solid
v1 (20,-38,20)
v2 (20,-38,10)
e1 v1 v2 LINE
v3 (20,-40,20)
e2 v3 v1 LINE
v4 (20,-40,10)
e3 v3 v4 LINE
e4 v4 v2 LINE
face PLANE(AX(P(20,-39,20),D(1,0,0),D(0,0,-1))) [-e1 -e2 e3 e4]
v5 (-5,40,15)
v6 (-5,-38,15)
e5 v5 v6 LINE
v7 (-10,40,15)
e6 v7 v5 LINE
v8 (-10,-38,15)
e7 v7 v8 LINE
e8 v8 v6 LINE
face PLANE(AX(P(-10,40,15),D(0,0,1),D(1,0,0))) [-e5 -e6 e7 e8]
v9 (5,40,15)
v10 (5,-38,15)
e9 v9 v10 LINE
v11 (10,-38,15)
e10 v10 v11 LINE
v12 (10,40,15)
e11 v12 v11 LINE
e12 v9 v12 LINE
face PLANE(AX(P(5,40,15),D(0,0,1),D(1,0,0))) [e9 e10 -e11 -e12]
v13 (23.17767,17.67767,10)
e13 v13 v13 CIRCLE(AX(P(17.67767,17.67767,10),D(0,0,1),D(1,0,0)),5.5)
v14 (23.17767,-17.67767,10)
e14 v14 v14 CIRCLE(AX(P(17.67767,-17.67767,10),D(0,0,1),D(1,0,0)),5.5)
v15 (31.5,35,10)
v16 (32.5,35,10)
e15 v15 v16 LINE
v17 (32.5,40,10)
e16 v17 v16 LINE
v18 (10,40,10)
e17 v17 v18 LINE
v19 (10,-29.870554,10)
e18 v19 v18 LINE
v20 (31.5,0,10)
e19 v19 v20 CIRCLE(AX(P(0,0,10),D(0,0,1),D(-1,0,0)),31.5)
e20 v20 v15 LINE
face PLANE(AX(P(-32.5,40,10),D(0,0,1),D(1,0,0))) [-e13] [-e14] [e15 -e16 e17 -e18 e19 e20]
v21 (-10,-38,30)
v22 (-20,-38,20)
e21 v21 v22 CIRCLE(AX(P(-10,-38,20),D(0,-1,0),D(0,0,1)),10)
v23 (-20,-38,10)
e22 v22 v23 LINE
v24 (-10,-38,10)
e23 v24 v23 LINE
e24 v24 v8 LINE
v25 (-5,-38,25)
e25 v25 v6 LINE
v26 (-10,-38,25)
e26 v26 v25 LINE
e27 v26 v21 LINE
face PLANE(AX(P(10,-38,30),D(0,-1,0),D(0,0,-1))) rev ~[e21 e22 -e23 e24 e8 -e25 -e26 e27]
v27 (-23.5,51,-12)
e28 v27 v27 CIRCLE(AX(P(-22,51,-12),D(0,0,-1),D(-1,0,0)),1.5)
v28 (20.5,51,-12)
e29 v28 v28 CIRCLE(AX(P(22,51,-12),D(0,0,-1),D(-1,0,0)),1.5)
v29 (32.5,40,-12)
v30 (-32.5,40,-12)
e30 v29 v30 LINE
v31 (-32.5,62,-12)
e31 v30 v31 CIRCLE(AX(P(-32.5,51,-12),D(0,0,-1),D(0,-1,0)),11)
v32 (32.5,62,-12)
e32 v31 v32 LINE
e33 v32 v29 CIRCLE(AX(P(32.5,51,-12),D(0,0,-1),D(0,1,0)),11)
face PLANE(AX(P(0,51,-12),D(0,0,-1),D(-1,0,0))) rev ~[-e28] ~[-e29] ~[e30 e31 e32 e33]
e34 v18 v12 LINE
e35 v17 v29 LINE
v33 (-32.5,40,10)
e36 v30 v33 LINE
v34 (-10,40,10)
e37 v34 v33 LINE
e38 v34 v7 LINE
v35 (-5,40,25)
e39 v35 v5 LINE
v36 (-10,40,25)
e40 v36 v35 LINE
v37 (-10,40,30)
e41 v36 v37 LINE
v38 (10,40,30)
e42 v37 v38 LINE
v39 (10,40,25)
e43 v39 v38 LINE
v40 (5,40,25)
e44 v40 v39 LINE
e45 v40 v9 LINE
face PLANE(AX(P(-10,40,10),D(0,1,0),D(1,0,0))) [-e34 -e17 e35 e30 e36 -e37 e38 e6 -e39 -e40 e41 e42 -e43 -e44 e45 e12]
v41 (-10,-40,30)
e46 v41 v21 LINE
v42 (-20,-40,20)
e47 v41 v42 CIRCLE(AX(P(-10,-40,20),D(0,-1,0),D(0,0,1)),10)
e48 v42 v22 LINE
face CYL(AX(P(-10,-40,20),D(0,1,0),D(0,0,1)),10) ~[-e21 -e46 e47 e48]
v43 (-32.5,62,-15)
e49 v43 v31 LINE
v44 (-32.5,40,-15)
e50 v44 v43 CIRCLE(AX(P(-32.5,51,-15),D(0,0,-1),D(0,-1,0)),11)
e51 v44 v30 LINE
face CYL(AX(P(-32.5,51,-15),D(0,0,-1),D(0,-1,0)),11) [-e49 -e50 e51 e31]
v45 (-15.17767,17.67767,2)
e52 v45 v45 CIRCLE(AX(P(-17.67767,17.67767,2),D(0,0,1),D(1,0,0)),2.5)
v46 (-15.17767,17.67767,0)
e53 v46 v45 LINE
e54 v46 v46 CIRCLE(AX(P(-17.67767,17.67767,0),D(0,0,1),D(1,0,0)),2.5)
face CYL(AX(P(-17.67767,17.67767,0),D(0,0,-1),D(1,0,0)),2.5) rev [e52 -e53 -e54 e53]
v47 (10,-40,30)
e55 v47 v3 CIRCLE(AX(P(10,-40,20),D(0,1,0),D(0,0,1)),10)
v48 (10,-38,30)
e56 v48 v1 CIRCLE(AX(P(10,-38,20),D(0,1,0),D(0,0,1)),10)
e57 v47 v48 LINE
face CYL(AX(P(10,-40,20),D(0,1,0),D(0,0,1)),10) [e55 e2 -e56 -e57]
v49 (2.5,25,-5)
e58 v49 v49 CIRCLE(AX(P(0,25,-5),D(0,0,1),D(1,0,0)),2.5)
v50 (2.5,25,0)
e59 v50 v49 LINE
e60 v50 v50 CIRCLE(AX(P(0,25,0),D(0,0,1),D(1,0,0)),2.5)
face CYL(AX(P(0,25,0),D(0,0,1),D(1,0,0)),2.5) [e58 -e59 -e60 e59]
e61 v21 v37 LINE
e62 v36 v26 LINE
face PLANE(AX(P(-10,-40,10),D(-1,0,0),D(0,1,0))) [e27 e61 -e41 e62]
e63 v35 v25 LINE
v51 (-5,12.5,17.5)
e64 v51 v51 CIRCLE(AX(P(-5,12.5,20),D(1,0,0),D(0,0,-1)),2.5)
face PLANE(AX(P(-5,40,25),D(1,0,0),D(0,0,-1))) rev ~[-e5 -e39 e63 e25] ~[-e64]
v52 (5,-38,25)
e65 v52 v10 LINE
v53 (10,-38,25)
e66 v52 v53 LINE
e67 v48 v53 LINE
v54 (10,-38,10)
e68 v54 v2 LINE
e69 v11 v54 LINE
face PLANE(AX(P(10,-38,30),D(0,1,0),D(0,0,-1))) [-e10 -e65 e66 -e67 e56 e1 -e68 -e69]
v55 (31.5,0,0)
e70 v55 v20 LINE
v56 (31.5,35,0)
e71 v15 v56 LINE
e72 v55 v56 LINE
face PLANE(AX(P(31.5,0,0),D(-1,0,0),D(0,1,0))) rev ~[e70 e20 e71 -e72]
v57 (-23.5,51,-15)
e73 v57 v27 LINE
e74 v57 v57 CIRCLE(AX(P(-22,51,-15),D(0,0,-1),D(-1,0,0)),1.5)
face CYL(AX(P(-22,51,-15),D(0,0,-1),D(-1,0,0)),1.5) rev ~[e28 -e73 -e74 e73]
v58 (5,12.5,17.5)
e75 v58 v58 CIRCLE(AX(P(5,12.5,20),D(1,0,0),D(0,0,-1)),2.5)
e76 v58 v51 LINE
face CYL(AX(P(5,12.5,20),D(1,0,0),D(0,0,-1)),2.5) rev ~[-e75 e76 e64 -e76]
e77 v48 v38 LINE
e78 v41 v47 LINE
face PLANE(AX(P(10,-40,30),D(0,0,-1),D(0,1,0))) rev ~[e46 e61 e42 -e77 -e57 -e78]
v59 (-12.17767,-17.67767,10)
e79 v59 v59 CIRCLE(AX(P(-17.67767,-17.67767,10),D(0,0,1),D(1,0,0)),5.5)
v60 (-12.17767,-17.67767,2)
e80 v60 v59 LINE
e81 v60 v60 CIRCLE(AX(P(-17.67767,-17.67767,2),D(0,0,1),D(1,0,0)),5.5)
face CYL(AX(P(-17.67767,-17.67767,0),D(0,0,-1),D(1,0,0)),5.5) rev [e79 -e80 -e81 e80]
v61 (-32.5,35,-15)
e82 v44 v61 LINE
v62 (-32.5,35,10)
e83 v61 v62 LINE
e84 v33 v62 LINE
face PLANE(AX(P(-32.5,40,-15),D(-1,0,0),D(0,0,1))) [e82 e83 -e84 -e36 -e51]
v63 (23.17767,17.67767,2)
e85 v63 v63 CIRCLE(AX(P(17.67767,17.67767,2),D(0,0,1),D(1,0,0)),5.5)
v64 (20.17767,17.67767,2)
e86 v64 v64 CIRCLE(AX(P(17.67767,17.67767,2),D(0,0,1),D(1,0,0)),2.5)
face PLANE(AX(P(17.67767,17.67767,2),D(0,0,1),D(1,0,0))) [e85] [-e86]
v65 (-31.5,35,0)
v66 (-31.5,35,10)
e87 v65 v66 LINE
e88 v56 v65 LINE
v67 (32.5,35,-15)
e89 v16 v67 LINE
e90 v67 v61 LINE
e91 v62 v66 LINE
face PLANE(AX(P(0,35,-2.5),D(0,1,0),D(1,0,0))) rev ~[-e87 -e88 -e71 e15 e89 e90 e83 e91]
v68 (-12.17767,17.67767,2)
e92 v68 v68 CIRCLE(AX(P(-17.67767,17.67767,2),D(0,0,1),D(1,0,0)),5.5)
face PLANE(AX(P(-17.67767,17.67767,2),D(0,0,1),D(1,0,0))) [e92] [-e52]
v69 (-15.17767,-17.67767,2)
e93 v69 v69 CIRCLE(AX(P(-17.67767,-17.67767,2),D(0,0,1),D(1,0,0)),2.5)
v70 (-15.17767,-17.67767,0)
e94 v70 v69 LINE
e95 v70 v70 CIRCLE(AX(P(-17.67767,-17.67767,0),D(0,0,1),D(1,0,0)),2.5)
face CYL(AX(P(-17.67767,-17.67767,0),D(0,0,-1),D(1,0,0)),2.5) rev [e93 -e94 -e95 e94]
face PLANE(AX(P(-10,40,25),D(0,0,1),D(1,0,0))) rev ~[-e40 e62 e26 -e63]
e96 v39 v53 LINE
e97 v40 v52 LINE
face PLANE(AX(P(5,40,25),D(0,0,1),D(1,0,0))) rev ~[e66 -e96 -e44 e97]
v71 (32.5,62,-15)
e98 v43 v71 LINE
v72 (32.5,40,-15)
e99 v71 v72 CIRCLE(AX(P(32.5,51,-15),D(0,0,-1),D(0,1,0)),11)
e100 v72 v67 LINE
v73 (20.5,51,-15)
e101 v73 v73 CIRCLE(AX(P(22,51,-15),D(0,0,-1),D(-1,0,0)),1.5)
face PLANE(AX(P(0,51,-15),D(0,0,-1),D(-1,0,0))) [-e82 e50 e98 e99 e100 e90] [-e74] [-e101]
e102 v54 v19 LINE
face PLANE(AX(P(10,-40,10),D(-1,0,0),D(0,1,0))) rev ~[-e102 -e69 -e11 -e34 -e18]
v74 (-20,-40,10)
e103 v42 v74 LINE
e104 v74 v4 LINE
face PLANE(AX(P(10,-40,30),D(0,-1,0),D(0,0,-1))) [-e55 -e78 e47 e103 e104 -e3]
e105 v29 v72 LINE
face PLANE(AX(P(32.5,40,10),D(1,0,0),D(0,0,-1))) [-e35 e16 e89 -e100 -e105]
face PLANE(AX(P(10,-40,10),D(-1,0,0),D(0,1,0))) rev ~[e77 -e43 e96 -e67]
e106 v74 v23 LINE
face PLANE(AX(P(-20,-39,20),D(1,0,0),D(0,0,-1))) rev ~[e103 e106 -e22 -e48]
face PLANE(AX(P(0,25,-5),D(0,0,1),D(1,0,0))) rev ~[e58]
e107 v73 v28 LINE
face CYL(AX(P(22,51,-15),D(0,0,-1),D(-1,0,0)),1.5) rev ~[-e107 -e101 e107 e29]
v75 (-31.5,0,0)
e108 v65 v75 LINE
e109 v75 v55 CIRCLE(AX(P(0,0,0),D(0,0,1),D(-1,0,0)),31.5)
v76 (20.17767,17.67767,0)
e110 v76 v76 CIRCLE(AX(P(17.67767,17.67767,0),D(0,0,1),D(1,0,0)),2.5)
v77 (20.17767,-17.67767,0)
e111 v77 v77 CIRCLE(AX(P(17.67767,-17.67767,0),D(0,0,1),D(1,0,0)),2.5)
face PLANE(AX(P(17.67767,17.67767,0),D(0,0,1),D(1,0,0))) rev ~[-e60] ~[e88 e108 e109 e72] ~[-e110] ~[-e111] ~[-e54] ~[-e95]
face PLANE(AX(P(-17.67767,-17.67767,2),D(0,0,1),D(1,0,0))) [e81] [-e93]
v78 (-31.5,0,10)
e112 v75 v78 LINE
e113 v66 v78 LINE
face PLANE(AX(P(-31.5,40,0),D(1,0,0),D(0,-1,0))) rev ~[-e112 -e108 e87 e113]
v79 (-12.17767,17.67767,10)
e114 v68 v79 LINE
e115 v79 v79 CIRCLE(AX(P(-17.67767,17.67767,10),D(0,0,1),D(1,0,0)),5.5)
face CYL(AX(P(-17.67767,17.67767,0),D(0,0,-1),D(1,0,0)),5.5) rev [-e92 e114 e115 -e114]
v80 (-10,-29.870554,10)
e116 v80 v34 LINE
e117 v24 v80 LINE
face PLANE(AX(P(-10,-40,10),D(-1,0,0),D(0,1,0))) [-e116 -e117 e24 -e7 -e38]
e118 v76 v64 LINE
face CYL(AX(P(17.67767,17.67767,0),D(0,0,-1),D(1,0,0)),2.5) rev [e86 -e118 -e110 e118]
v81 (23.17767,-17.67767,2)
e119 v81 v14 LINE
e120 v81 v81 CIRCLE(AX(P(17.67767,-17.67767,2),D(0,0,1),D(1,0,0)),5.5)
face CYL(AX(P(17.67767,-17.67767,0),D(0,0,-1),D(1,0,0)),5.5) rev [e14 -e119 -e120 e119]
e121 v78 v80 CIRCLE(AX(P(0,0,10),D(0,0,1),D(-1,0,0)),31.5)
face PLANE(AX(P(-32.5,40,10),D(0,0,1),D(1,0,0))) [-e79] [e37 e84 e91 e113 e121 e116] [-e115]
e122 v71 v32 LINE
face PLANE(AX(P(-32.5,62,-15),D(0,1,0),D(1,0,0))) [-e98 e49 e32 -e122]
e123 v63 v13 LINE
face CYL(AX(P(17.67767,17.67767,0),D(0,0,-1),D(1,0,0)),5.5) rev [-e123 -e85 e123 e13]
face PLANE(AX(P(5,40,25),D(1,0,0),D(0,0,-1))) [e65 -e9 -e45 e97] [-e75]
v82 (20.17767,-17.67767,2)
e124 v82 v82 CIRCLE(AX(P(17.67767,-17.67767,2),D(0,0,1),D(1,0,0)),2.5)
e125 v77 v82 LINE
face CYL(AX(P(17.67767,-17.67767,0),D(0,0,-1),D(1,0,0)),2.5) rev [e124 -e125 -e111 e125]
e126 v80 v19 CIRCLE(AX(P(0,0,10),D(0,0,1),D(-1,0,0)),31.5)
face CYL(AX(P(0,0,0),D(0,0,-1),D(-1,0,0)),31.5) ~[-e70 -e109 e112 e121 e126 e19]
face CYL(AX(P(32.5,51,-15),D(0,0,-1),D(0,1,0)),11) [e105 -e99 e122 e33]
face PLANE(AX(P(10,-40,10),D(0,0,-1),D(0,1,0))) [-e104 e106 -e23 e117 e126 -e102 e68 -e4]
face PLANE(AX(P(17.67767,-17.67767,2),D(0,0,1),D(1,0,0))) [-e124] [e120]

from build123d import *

# Parameters (mm, degrees)
SKETCH1_R                = 5.5
BOSS_EXTRUDE1_DEPTH      = 10
SKETCH1_3_R              = 5.5
SKETCH1_3_R_2            = 2.5
BOSS_EXTRUDE2_DEPTH      = 2
SKETCH1_4_R              = 2.5
BOSS_EXTRUDE3_DEPTH      = 5
BOSS_EXTRUDE4_DEPTH      = 5
SKETCH4_W                = 20
SKETCH4_H                = 80
BOSS_EXTRUDE5_DEPTH      = 20
SKETCH5_W                = 20
SKETCH5_H                = 2
BOSS_EXTRUDE6_DEPTH      = 10
BOSS_EXTRUDE6_DEPTH_BACK = 30
SKETCH7_W                = 5
SKETCH7_H                = 10
CUT_EXTRUDE1_DEPTH       = 78
FILLET1_R                = 10
SKETCH9_R                = 2.5
CUT_EXTRUDE2_DEPTH       = 38.5
SKETCH14_R               = 1.5
BOSS_EXTRUDE8_DEPTH      = 3


with BuildPart() as part:
    # Sketch1 → Boss-Extrude1 (new body)
    with BuildSketch(Plane.XY):
        with BuildLine():
            Line((31.5, 0), (31.5, 40))
            Line((31.5, 40), (-31.5, 40))
            Line((-31.5, 40), (-31.5, 0))
            ThreePointArc((-31.5, 0), (0, -31.5), (31.5, 0))
        make_face()
        with Locations((17.67766953, -17.67766953)):
            Circle(SKETCH1_R, mode=Mode.SUBTRACT)
        with Locations((-17.67766953, -17.67766953)):
            Circle(SKETCH1_R, mode=Mode.SUBTRACT)
        with Locations((-17.67766953, 17.67766953)):
            Circle(SKETCH1_R, mode=Mode.SUBTRACT)
        with Locations((17.67766953, 17.67766953)):
            Circle(SKETCH1_R, mode=Mode.SUBTRACT)
    extrude(amount=BOSS_EXTRUDE1_DEPTH)

    # Sketch1_3 → Boss-Extrude2 (add)
    with BuildSketch(Plane.XY):
        with Locations((17.67766953, 17.67766953)):
            Circle(SKETCH1_3_R)
        with Locations((17.67766953, 17.67766953)):
            Circle(SKETCH1_3_R_2, mode=Mode.SUBTRACT)
        with Locations((17.67766953, -17.67766953)):
            Circle(SKETCH1_3_R)
        with Locations((17.67766953, -17.67766953)):
            Circle(SKETCH1_3_R_2, mode=Mode.SUBTRACT)
        with Locations((-17.67766953, -17.67766953)):
            Circle(SKETCH1_3_R)
        with Locations((-17.67766953, -17.67766953)):
            Circle(SKETCH1_3_R_2, mode=Mode.SUBTRACT)
        with Locations((-17.67766953, 17.67766953)):
            Circle(SKETCH1_3_R)
        with Locations((-17.67766953, 17.67766953)):
            Circle(SKETCH1_3_R_2, mode=Mode.SUBTRACT)
    extrude(amount=BOSS_EXTRUDE2_DEPTH)

    # Sketch1_4 → Boss-Extrude3 (add)
    with BuildSketch(Plane.XY):
        with Locations((0, 25)):
            Circle(SKETCH1_4_R)
    extrude(amount=-BOSS_EXTRUDE3_DEPTH)

    # Sketch2 → Boss-Extrude4 (add)
    with BuildSketch(Plane(origin=(0, 40, 0), x_dir=(1, 0, 0), z_dir=(0, 1, 0))):
        Polygon((-32.5, -10), (31.5, -10), (32.5, -10), (32.5, 15), (-32.5, 15), align=None)
    extrude(amount=-BOSS_EXTRUDE4_DEPTH)

    # Sketch4 → Boss-Extrude5 (add)
    with BuildSketch(Plane.XY.offset(10)):
        Rectangle(SKETCH4_W, SKETCH4_H)
    extrude(amount=BOSS_EXTRUDE5_DEPTH)

    # Sketch5 → Boss-Extrude6 (add, two sides)
    with BuildSketch(Plane(origin=(10, 0, 0), x_dir=(0, 0, -1), z_dir=(1, 0, 0))) as boss_extrude6_sk:
        with Locations((-20, -39)):
            Rectangle(SKETCH5_W, SKETCH5_H)
    extrude(amount=BOSS_EXTRUDE6_DEPTH)
    extrude(boss_extrude6_sk.sketch, amount=-BOSS_EXTRUDE6_DEPTH_BACK)

    # Sketch7 → Cut-Extrude1 (cut)
    with BuildSketch(Plane(origin=(0, 40, 0), x_dir=(1, 0, 0), z_dir=(0, 1, 0))):
        with Locations((-7.5, -20)):
            Rectangle(SKETCH7_W, SKETCH7_H)
        with Locations((7.5, -20)):
            Rectangle(SKETCH7_W, SKETCH7_H)
    extrude(amount=-CUT_EXTRUDE1_DEPTH, mode=Mode.SUBTRACT)

    # Fillet1
    fillet1_edges = [part.edges().sort_by_distance(p)[0] for p in [
        (-20, -39, 30),
        (20, -39, 30),
    ]]
    fillet(fillet1_edges, radius=FILLET1_R)

    # Sketch9 → Cut-Extrude2 (cut, through all)
    with BuildSketch(Plane(origin=(5, 0, 0), x_dir=(0, 0, -1), z_dir=(1, 0, 0))):
        with Locations((-20, 12.5)):
            Circle(SKETCH9_R)
    extrude(amount=-CUT_EXTRUDE2_DEPTH, mode=Mode.SUBTRACT)

    # Sketch14 → Boss-Extrude8 (add)
    with BuildSketch(Plane(origin=(0, 0, -15), x_dir=(-1, 0, 0), z_dir=(0, 0, -1))):
        with BuildLine():
            Line((32.5, 62), (-32.5, 62))
            ThreePointArc((-32.5, 62), (-43.5, 51), (-32.5, 40))
            Line((-32.5, 40), (32.5, 40))
            ThreePointArc((32.5, 40), (43.5, 51), (32.5, 62))
        make_face()
        with Locations((-22, 51)):
            Circle(SKETCH14_R, mode=Mode.SUBTRACT)
        with Locations((22, 51)):
            Circle(SKETCH14_R, mode=Mode.SUBTRACT)
    extrude(amount=-BOSS_EXTRUDE8_DEPTH)


solid = part.part
